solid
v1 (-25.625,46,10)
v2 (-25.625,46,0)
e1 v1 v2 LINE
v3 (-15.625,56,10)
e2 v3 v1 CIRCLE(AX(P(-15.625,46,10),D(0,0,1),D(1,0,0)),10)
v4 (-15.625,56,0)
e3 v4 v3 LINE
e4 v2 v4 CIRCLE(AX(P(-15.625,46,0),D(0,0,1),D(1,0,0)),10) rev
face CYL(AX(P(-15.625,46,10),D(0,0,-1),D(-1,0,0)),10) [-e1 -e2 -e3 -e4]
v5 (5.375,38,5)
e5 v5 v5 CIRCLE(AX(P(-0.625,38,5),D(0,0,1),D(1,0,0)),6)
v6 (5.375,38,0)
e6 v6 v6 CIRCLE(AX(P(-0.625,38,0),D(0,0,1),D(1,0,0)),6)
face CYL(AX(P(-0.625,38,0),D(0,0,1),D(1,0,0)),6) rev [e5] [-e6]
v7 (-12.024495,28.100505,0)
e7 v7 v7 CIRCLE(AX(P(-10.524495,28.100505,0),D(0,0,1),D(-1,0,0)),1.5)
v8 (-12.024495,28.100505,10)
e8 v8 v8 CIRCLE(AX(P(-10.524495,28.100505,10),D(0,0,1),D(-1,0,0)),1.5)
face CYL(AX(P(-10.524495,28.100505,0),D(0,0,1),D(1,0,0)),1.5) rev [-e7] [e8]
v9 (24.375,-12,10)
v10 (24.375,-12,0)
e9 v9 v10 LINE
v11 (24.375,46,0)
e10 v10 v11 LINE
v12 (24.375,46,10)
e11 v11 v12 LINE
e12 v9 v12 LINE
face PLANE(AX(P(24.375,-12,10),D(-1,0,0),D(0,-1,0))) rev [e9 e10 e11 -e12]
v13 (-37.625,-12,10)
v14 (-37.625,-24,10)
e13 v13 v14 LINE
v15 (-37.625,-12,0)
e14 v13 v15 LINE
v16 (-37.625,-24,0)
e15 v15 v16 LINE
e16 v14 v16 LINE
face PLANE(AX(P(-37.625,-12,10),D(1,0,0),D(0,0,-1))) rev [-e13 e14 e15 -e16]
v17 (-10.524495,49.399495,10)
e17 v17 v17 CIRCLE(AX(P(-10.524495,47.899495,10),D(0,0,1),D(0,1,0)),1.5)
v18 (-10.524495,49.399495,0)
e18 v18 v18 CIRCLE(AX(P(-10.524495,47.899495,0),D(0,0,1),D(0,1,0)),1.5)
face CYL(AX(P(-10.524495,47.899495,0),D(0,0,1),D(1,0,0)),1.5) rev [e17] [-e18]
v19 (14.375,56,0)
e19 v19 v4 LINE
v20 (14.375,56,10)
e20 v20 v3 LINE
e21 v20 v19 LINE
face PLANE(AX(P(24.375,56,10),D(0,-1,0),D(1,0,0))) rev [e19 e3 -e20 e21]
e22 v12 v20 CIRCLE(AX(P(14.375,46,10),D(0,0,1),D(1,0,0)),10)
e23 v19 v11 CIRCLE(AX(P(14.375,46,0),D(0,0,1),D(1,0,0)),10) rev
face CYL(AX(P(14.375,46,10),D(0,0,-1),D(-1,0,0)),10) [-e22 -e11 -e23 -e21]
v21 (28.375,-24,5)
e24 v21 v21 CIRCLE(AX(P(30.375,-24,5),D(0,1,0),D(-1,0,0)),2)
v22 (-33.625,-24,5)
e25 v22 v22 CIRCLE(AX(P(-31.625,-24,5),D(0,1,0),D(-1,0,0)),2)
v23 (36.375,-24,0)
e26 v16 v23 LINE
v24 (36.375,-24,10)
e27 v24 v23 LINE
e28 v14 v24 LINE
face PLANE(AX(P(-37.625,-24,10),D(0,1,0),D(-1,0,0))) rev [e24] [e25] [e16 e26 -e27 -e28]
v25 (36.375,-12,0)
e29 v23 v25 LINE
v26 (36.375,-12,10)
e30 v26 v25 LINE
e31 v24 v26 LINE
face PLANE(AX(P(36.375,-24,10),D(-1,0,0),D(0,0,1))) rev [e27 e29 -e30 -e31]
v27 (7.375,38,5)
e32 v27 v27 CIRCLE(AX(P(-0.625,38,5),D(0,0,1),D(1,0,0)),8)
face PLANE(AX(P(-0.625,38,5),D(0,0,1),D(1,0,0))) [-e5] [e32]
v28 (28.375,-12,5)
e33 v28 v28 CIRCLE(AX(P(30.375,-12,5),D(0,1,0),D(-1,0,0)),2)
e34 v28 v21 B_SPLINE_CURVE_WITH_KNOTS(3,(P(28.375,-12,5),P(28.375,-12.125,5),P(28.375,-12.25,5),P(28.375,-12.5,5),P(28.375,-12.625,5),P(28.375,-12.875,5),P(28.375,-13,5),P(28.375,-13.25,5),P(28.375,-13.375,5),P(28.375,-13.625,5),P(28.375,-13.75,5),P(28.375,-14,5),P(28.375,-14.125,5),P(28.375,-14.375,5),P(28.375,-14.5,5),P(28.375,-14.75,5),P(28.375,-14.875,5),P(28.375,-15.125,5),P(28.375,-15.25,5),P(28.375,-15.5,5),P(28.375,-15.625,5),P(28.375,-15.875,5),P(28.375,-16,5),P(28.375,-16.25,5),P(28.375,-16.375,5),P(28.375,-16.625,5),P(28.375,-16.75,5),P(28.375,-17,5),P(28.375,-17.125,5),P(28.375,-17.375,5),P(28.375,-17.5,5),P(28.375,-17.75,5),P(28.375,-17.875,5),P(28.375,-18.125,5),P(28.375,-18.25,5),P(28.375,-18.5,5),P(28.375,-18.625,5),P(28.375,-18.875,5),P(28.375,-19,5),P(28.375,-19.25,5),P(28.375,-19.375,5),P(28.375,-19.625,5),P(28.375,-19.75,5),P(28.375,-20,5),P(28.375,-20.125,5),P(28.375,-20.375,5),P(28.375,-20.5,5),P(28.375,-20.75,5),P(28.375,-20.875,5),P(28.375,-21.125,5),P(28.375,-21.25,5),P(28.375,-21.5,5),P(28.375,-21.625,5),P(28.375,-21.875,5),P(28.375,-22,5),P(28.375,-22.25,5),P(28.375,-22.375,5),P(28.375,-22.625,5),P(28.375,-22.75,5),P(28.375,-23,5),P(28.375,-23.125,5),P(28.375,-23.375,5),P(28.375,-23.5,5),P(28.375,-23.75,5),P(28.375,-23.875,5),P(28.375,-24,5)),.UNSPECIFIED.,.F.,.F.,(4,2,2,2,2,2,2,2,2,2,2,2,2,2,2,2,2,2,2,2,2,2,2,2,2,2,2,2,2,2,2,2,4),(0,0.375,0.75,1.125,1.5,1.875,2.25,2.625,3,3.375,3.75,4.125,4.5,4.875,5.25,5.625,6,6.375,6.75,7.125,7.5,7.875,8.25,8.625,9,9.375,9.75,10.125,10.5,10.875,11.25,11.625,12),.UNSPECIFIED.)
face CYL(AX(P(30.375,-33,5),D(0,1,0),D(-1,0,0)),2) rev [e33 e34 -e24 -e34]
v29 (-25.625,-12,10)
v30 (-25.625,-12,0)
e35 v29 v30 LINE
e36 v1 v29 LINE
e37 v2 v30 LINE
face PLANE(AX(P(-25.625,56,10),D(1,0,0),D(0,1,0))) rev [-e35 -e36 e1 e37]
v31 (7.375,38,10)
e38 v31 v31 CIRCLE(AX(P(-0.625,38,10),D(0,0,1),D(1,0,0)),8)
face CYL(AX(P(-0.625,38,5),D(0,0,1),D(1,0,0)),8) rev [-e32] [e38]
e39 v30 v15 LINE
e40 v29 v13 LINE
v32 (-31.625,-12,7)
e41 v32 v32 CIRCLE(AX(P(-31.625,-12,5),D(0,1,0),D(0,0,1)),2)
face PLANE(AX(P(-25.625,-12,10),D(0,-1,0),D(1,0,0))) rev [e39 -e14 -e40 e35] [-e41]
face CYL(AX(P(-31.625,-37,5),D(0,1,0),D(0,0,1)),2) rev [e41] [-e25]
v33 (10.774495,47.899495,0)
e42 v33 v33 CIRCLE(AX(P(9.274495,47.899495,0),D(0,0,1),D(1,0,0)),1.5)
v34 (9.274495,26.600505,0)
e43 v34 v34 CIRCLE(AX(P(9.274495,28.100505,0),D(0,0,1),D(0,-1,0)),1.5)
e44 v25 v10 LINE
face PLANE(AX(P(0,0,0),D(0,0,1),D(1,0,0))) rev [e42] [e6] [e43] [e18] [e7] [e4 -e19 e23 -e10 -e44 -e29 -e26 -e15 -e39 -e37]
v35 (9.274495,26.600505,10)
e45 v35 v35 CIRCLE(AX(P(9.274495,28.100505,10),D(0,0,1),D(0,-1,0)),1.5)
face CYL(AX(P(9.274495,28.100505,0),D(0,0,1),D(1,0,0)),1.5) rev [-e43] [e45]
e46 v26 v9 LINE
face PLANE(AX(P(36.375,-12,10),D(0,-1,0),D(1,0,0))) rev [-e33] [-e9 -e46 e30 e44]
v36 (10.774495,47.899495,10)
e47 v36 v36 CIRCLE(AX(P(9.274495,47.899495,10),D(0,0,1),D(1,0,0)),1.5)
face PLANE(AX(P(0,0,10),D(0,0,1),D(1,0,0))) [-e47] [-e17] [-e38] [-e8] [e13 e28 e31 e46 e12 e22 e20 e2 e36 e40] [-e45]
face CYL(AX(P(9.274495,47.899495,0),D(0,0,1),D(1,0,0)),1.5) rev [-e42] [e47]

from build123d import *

# Parameters (mm, degrees)
BOSS_EXTRUDE1_DEPTH = 10
SKETCH2_R           = 8
CUT_EXTRUDE1_DEPTH  = 5
FILLET1_R           = 10
SKETCH4_R           = 2
CUT_EXTRUDE3_DEPTH  = 21
SKETCH5_R           = 2
CUT_EXTRUDE4_DEPTH  = 25
SKETCH6_R           = 1.5
CUT_EXTRUDE5_DEPTH  = 10
CIRPATTERN1_COUNT   = 4
SKETCH8_R           = 6
CUT_EXTRUDE8_DEPTH  = 10


with BuildPart() as part:
    # Sketch1 → Boss-Extrude1 (new body)
    with BuildSketch(Plane.XY):
        Polygon((-37.625, -24), (36.375, -24), (36.375, -12), (24.375, -12), (24.375, 56), (-25.625, 56), (-25.625, -12), (-37.625, -12), align=None)
    extrude(amount=BOSS_EXTRUDE1_DEPTH)

    # Sketch2 → Cut-Extrude1 (cut)
    with BuildSketch(Plane.XY.offset(10)):
        with Locations((-0.625, 38)):
            Circle(SKETCH2_R)
    extrude(amount=-CUT_EXTRUDE1_DEPTH, mode=Mode.SUBTRACT)

    # Fillet1
    fillet1_edges = [part.edges().sort_by_distance(p)[0] for p in [
        (24.375, 56, 5),
        (-25.625, 56, 5),
    ]]
    fillet(fillet1_edges, radius=FILLET1_R)

    # Sketch4 → Cut-Extrude3 (cut)
    with BuildSketch(Plane(origin=(0, -12, 0), x_dir=(1, 0, 0), z_dir=(0, 1, 0))):
        with Locations(Location((30.375, -5, 0), (0, 0, 180))):
            Circle(SKETCH4_R)
    extrude(amount=-CUT_EXTRUDE3_DEPTH, mode=Mode.SUBTRACT)

    # Sketch5 → Cut-Extrude4 (cut)
    with BuildSketch(Plane(origin=(0, -12, 0), x_dir=(1, 0, 0), z_dir=(0, 1, 0))):
        with Locations(Location((-31.625, -5, 0), (0, 0, 270))):
            Circle(SKETCH5_R)
    extrude(amount=-CUT_EXTRUDE4_DEPTH, mode=Mode.SUBTRACT)

    # Sketch6 → Cut-Extrude5 (cut)
    with BuildSketch(Plane.XY.offset(10)):
        with Locations((9.274494937, 47.899494937)):
            Circle(SKETCH6_R)
    cut_extrude5 = extrude(amount=-CUT_EXTRUDE5_DEPTH, mode=Mode.SUBTRACT)

    # CirPattern1: Cut-Extrude5 ×4 about axis
    cirpattern1_axis = Axis((-0.625, 38, 0), (0, 0, 1))
    for i in range(1, CIRPATTERN1_COUNT):
        add(cut_extrude5.rotate(cirpattern1_axis, i * 360 / CIRPATTERN1_COUNT), mode=Mode.SUBTRACT)

    # Sketch8 → Cut-Extrude8 (cut)
    with BuildSketch(Plane.XY.offset(10)):
        with Locations((-0.625, 38)):
            Circle(SKETCH8_R)
    extrude(amount=-CUT_EXTRUDE8_DEPTH, mode=Mode.SUBTRACT)


solid = part.part
